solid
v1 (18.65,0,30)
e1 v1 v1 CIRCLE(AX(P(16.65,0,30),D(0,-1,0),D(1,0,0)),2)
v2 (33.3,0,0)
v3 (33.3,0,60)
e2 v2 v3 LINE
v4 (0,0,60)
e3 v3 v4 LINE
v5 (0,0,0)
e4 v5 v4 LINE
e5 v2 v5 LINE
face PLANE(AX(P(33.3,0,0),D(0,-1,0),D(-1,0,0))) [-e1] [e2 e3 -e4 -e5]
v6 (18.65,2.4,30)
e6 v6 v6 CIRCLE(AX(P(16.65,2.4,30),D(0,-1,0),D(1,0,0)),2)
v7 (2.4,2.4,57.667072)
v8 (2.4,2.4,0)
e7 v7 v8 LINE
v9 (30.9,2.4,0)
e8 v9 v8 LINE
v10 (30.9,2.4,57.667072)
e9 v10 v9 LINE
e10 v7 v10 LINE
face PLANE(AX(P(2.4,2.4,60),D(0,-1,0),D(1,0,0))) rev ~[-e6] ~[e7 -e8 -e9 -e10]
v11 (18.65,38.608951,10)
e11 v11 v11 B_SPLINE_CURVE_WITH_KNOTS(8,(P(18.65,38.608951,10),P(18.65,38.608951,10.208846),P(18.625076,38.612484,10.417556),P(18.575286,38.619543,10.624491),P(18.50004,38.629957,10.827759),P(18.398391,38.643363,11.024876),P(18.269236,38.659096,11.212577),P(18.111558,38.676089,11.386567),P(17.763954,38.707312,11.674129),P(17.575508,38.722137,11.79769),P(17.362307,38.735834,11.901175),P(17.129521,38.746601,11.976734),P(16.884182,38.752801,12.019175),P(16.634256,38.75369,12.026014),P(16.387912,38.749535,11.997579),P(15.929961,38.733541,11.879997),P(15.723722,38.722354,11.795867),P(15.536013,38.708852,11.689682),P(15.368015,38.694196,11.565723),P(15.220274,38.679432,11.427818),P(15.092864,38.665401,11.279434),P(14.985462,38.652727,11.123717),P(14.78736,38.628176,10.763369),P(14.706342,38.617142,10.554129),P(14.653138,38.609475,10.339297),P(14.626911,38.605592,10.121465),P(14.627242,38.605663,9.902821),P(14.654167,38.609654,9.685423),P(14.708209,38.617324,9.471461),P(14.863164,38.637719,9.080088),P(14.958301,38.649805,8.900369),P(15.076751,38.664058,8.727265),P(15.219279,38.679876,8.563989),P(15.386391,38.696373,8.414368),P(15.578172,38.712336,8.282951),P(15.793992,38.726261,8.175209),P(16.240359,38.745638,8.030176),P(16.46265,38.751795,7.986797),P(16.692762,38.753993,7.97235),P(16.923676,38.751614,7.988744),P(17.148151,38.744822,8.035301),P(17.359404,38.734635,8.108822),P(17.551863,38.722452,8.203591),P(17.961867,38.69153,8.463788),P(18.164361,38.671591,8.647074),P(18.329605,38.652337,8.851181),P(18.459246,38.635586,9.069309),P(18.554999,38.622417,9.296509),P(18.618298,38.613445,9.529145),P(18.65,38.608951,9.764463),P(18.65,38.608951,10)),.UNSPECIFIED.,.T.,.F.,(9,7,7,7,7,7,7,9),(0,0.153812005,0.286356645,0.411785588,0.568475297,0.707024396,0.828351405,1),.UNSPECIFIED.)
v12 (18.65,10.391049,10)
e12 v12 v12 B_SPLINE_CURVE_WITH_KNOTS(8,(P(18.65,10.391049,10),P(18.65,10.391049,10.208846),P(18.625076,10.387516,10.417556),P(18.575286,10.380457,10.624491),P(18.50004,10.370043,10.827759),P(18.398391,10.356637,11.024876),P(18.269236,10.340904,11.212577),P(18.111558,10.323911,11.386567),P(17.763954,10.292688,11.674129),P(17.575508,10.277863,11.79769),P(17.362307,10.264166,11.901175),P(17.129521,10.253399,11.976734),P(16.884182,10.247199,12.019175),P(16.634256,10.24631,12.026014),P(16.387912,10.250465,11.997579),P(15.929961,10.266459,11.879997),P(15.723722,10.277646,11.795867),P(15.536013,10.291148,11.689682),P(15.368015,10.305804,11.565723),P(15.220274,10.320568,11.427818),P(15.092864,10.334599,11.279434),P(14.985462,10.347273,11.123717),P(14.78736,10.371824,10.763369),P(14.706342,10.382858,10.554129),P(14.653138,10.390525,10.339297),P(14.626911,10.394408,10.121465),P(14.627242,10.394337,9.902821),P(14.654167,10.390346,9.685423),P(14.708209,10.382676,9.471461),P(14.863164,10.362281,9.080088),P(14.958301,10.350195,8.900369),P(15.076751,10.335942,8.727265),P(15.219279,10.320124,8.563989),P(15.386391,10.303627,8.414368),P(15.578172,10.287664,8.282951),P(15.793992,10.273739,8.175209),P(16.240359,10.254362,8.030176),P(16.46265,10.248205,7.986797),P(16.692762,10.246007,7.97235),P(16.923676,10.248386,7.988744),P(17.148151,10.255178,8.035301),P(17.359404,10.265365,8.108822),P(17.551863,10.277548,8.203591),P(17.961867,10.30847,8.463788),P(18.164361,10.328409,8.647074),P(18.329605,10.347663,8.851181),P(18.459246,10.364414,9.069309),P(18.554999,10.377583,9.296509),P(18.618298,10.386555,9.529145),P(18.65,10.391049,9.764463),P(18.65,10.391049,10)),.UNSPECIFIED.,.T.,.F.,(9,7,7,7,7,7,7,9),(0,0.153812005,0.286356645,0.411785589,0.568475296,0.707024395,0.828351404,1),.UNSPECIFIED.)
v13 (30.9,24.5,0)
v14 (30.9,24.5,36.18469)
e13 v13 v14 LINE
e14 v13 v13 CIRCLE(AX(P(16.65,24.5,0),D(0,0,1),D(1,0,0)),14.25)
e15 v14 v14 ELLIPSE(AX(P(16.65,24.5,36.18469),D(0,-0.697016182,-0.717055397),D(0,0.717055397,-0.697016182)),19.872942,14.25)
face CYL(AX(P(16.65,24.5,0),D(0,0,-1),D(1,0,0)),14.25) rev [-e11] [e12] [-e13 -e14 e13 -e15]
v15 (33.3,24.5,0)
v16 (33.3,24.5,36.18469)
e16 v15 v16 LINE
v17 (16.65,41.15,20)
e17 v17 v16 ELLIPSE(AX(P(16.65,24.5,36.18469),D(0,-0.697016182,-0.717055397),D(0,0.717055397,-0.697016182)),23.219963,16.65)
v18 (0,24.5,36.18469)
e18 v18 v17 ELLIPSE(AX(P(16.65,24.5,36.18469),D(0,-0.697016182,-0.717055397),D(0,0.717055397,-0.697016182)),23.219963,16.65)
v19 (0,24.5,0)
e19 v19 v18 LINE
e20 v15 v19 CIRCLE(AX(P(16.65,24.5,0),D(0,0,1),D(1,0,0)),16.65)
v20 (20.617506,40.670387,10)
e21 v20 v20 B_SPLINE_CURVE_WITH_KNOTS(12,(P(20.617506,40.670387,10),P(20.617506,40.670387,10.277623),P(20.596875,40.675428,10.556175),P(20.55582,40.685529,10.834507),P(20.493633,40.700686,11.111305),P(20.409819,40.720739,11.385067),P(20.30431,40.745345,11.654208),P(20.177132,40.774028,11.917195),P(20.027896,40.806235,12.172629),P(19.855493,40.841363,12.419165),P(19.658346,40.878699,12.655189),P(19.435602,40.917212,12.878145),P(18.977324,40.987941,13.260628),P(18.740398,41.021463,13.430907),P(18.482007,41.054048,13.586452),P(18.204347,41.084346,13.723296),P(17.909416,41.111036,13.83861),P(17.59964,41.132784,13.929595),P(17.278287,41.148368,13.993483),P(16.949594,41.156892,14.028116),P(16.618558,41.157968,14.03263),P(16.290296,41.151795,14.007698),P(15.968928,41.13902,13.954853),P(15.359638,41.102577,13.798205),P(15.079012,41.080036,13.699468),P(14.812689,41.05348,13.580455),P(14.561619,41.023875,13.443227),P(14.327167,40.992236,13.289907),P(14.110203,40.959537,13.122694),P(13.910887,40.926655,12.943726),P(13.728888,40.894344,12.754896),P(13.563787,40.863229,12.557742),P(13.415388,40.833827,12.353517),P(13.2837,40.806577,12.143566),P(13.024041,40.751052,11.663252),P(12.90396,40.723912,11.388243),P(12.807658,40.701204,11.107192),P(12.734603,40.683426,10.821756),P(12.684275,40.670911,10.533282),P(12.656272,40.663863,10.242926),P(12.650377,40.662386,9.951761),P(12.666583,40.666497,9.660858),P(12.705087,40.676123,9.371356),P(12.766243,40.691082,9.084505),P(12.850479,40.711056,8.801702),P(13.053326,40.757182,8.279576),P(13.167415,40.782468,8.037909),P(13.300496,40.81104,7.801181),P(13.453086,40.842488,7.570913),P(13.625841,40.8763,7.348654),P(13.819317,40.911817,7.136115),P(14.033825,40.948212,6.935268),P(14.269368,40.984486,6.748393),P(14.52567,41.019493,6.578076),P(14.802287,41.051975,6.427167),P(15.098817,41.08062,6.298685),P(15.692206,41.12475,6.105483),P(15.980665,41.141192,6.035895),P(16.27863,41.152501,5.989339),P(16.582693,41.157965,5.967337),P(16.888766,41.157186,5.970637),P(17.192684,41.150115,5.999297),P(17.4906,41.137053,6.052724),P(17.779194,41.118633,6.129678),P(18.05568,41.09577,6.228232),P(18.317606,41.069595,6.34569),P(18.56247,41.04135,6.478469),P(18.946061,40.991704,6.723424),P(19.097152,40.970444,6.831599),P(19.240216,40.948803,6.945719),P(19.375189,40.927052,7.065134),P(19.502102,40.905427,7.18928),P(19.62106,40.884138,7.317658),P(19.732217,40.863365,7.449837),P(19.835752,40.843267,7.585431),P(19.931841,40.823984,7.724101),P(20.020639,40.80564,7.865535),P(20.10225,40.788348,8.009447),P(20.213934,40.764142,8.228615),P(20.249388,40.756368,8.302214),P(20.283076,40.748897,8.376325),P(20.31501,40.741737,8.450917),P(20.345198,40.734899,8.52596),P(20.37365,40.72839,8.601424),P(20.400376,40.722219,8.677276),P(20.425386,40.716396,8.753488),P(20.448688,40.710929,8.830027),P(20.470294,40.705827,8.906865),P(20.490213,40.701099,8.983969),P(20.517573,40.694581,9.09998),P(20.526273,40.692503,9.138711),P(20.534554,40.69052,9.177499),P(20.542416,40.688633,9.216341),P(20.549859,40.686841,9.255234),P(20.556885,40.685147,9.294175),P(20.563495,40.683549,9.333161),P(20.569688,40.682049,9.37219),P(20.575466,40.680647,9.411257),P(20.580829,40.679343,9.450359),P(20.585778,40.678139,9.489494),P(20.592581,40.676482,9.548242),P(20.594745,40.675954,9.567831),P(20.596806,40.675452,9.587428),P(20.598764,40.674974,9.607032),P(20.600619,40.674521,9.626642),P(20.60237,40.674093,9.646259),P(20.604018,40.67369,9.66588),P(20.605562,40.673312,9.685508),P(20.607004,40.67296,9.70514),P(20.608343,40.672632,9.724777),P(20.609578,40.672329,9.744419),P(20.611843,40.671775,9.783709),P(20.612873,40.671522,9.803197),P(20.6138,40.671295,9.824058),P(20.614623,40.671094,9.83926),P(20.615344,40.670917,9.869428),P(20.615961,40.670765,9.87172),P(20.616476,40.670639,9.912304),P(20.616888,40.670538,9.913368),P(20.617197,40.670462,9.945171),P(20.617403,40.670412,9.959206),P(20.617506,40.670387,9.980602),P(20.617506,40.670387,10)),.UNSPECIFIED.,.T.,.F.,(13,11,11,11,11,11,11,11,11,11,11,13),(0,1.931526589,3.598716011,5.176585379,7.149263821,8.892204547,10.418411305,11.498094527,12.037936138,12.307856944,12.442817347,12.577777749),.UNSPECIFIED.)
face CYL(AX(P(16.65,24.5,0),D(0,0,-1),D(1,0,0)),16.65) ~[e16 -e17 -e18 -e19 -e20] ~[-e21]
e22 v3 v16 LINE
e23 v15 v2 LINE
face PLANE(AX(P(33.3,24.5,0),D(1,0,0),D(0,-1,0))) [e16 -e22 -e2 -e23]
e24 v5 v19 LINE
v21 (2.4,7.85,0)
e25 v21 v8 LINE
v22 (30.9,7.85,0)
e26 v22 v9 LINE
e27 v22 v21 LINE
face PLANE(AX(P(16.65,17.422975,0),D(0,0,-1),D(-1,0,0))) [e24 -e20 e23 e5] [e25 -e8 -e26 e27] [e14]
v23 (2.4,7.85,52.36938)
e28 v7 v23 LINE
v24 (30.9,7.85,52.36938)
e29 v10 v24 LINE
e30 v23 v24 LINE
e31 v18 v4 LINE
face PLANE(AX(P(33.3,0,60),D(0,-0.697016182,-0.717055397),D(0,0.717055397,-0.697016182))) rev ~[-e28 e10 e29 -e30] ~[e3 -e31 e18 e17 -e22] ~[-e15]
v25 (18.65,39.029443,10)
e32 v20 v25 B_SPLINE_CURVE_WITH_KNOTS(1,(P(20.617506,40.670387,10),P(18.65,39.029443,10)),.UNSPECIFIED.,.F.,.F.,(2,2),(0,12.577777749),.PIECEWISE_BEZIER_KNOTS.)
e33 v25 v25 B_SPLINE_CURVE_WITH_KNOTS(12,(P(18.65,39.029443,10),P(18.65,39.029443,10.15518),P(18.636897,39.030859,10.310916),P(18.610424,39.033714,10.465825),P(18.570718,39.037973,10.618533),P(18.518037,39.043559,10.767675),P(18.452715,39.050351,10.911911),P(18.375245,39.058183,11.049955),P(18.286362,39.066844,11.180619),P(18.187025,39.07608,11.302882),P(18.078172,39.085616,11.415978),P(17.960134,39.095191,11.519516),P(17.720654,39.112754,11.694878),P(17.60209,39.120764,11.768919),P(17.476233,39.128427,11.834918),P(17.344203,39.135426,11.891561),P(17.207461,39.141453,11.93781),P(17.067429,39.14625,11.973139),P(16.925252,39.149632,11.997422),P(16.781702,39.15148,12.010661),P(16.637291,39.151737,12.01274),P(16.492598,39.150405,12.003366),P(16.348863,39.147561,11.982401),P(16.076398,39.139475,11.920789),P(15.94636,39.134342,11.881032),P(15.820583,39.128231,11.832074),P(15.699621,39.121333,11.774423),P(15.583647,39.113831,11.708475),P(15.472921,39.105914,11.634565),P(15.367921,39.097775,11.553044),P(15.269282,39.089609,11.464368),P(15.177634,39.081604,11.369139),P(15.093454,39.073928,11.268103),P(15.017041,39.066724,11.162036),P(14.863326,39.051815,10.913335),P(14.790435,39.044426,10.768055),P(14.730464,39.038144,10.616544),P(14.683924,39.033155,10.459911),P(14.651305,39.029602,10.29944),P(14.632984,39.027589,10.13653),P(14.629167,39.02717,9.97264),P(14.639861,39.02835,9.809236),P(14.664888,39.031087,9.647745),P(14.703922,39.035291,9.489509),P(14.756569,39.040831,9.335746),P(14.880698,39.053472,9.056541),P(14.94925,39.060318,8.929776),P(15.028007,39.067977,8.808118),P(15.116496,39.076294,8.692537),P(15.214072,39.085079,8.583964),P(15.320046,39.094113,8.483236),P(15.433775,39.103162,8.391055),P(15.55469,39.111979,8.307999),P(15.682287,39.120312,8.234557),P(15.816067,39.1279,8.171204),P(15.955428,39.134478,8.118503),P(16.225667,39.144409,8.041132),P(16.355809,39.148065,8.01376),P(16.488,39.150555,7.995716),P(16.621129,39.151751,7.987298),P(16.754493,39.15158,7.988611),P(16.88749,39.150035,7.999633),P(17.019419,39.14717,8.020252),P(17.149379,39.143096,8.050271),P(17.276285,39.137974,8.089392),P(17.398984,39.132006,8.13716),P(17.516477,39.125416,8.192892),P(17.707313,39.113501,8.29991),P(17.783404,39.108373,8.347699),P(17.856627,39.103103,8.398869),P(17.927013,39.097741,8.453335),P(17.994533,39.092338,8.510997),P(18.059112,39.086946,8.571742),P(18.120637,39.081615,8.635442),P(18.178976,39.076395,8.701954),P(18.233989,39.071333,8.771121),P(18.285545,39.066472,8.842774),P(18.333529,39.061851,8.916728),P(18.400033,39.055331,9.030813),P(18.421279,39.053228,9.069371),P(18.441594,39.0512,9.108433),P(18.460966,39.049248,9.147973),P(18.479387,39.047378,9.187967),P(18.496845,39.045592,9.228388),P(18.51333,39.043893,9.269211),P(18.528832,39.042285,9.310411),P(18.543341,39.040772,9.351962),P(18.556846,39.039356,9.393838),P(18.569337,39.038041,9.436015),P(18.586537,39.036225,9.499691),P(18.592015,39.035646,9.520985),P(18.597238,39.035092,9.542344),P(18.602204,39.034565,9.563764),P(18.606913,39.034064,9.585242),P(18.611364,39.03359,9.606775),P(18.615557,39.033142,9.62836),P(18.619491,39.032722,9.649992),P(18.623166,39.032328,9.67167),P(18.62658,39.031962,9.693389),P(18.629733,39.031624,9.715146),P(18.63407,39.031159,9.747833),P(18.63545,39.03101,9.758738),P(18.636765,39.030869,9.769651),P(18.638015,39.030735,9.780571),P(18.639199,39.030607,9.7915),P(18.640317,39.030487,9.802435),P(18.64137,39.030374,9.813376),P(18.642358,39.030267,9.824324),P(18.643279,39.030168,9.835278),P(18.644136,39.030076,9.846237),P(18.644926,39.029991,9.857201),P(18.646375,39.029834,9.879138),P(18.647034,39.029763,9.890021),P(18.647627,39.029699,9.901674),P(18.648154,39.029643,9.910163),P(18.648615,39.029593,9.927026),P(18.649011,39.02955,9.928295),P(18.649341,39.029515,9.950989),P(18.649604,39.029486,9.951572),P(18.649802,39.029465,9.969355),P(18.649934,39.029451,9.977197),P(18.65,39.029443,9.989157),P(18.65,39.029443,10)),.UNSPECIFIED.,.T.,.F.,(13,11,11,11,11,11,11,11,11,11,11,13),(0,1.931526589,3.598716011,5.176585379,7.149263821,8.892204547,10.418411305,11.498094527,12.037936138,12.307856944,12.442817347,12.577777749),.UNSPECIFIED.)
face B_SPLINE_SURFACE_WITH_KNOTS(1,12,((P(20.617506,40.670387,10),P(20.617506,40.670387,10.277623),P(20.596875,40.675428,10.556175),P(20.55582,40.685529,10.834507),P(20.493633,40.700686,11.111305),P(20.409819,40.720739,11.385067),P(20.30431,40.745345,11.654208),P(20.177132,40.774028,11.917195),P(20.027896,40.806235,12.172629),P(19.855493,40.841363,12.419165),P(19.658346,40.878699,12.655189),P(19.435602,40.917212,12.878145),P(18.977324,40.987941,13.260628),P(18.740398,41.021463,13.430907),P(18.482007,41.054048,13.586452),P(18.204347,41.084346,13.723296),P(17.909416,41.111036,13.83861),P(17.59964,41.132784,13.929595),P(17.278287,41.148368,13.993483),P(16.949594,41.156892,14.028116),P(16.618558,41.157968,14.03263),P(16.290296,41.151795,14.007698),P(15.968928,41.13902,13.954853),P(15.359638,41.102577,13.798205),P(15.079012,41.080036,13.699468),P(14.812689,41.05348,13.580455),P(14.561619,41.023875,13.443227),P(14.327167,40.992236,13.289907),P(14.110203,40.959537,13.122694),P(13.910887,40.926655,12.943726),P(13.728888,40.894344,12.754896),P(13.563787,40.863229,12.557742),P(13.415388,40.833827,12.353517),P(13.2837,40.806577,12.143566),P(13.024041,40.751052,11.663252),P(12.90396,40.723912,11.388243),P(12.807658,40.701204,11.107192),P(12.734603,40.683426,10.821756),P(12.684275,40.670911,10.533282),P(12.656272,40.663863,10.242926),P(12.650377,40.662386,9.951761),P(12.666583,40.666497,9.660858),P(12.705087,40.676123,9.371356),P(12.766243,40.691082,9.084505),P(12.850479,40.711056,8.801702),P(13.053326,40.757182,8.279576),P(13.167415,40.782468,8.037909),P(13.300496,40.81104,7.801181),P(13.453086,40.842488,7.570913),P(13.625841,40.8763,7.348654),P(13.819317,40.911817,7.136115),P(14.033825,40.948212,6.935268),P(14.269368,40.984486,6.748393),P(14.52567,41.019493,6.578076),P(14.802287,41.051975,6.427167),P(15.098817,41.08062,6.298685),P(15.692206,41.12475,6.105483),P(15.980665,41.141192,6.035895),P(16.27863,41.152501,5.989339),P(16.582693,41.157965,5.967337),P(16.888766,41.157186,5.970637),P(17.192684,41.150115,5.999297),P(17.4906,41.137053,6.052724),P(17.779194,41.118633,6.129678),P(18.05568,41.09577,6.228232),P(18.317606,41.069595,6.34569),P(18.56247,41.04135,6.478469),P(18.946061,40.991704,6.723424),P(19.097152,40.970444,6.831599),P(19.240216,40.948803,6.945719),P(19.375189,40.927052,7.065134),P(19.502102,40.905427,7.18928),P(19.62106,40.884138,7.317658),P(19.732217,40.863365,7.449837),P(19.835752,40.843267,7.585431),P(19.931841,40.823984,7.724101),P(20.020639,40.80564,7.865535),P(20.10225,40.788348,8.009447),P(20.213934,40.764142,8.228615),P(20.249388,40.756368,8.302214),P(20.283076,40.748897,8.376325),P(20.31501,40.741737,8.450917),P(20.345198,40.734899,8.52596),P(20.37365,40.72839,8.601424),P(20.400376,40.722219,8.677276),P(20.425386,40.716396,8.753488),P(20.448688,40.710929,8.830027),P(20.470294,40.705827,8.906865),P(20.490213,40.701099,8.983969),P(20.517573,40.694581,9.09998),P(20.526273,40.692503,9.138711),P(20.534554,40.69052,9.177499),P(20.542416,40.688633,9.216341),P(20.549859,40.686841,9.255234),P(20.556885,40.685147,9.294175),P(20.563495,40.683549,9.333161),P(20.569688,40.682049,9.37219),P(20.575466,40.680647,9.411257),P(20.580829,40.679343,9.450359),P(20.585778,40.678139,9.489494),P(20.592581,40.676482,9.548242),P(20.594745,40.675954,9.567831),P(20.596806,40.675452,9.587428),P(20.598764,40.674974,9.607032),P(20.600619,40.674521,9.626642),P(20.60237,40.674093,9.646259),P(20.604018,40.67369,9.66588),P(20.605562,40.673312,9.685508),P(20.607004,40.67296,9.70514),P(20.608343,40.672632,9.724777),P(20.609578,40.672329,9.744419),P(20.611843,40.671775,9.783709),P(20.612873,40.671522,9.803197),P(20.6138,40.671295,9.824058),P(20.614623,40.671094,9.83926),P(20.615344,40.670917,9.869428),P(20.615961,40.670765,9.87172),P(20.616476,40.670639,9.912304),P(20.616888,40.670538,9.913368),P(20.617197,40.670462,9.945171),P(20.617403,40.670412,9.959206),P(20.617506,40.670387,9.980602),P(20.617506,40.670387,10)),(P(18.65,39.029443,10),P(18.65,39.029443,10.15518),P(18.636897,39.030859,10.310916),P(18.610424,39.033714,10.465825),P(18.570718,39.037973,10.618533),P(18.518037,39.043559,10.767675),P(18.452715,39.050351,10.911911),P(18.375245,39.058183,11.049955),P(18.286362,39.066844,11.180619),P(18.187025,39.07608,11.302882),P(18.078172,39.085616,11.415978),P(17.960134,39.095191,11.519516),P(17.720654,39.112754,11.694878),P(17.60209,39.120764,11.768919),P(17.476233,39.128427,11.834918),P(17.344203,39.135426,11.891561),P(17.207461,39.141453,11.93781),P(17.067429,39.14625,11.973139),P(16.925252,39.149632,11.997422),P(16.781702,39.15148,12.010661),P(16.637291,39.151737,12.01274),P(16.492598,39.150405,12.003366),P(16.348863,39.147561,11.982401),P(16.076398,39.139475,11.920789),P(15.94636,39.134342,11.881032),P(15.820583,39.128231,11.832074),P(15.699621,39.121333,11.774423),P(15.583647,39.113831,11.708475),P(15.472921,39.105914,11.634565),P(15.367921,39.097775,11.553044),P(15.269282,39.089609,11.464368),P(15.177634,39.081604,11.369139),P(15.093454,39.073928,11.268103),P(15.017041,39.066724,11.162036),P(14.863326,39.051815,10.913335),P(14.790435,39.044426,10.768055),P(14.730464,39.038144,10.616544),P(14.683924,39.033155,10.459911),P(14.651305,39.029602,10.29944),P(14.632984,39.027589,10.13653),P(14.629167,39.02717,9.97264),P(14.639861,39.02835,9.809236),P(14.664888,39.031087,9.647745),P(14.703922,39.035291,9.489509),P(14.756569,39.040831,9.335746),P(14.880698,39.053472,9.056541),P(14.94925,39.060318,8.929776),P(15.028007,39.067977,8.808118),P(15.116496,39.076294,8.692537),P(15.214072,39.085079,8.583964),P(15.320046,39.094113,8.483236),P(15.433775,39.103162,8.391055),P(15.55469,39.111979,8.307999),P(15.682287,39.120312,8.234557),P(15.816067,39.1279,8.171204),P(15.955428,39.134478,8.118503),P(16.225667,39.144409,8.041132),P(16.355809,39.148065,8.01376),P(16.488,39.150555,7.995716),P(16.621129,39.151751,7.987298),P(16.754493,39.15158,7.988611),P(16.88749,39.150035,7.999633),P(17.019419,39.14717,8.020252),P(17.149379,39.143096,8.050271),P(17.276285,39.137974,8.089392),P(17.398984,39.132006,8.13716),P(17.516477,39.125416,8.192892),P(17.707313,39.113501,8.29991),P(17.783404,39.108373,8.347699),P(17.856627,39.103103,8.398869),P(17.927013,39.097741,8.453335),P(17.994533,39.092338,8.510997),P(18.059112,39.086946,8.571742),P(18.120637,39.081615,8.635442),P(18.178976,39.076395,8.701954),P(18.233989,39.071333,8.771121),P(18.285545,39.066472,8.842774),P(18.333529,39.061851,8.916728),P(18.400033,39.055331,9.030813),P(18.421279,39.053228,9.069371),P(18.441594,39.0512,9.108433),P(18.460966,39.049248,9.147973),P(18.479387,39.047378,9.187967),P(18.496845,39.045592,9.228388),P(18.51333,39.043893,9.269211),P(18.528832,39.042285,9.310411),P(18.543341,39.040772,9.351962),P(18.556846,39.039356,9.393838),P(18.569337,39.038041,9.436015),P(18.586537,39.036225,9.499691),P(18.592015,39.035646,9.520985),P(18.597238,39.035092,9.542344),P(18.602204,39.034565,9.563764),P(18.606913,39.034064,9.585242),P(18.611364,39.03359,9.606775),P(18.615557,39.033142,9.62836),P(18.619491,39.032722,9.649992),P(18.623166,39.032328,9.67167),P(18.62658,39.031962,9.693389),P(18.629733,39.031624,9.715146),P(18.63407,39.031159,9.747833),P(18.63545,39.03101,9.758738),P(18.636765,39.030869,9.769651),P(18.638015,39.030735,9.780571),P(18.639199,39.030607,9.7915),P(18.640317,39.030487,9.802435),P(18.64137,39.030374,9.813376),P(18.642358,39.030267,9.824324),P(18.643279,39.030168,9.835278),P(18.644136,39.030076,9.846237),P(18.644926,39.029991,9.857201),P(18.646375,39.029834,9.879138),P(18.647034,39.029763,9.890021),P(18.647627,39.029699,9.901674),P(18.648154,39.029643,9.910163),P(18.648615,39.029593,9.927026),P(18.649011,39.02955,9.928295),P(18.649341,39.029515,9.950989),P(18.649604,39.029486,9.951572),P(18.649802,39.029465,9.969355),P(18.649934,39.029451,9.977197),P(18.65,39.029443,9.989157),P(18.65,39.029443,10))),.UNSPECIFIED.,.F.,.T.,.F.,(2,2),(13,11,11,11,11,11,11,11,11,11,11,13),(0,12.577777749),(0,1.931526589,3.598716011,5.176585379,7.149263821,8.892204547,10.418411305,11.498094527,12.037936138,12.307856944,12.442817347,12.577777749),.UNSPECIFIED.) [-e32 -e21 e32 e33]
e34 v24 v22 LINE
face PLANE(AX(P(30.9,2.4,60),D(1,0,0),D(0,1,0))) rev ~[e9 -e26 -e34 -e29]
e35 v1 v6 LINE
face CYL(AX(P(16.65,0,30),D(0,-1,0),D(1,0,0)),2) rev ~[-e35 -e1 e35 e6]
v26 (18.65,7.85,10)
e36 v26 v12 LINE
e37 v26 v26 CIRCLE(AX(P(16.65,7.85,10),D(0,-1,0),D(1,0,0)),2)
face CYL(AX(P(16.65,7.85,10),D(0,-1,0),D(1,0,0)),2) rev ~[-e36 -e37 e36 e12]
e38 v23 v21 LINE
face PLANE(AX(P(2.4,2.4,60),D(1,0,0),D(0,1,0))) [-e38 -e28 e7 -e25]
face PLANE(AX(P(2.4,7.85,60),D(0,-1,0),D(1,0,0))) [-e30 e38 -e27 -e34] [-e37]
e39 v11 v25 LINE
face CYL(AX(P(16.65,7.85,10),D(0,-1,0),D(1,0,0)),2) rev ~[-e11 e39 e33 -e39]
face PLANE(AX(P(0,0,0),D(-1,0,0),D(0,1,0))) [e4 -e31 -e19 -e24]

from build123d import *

# Parameters (mm, degrees)
SKETCH_R        = 14.25
PAD_DEPTH       = 60
SKETCH001_W     = 28.5
SKETCH001_H     = 5.45
POCKET_DEPTH    = 60.001
SKETCH002_R     = 2
POCKET001_DEPTH = 2.4
POCKET002_DEPTH = 33.301
SKETCH004_R     = 2
POCKET003_DEPTH = 33.301
CHAMFER_SIZE2   = 2
CHAMFER_SIZE    = 2


with BuildPart() as part:
    # Sketch → Pad (new body)
    with BuildSketch(Plane.XY):
        with BuildLine():
            Line((0, 0), (0, 24.5))
            ThreePointArc((33.3, 24.5), (16.65, 41.15), (0, 24.5))
            Line((33.3, 24.5), (33.3, 0))
            Line((33.3, 0), (0, 0))
        make_face()
        with Locations((16.65, 24.5)):
            Circle(SKETCH_R, mode=Mode.SUBTRACT)
    extrude(amount=PAD_DEPTH)

    # Sketch001 (on Face7 of Pad) → Pocket (cut, through all)
    with BuildSketch(Plane.XY.offset(60)):
        with Locations((16.65, 5.125)):
            Rectangle(SKETCH001_W, SKETCH001_H)
    extrude(amount=-POCKET_DEPTH, mode=Mode.SUBTRACT)

    # Sketch002 (on Face2 of Pocket) → Pocket001 (cut)
    with BuildSketch(Plane.XZ):
        with Locations((16.65, 30)):
            Circle(SKETCH002_R)
    extrude(amount=-POCKET001_DEPTH, mode=Mode.SUBTRACT)

    # Sketch003 (on DatumPlane) → Pocket002 (cut, through all)
    with BuildSketch(Plane.YZ.offset(33.3)):
        Polygon((0, 60), (41.15, 20), (41.15, 60), align=None)
    extrude(amount=-POCKET002_DEPTH, mode=Mode.SUBTRACT)

    # Sketch004 (on Face9 of Pocket002) → Pocket003 (cut, through all)
    with BuildSketch(Plane.XZ.offset(-7.85)):
        with Locations((16.65, 10)):
            Circle(SKETCH004_R)
    extrude(amount=-POCKET003_DEPTH, mode=Mode.SUBTRACT)

    # Chamfer
    chamfer_edges = [part.edges().sort_by_distance(p)[0] for p in [
        (14.65, 41.029443, 10),
    ]]
    chamfer_side = part.faces().sort_by_distance((16.65, 41.15, 18.092345))[0]
    chamfer(chamfer_edges, length=CHAMFER_SIZE, length2=CHAMFER_SIZE2, reference=chamfer_side)


solid = part.part
